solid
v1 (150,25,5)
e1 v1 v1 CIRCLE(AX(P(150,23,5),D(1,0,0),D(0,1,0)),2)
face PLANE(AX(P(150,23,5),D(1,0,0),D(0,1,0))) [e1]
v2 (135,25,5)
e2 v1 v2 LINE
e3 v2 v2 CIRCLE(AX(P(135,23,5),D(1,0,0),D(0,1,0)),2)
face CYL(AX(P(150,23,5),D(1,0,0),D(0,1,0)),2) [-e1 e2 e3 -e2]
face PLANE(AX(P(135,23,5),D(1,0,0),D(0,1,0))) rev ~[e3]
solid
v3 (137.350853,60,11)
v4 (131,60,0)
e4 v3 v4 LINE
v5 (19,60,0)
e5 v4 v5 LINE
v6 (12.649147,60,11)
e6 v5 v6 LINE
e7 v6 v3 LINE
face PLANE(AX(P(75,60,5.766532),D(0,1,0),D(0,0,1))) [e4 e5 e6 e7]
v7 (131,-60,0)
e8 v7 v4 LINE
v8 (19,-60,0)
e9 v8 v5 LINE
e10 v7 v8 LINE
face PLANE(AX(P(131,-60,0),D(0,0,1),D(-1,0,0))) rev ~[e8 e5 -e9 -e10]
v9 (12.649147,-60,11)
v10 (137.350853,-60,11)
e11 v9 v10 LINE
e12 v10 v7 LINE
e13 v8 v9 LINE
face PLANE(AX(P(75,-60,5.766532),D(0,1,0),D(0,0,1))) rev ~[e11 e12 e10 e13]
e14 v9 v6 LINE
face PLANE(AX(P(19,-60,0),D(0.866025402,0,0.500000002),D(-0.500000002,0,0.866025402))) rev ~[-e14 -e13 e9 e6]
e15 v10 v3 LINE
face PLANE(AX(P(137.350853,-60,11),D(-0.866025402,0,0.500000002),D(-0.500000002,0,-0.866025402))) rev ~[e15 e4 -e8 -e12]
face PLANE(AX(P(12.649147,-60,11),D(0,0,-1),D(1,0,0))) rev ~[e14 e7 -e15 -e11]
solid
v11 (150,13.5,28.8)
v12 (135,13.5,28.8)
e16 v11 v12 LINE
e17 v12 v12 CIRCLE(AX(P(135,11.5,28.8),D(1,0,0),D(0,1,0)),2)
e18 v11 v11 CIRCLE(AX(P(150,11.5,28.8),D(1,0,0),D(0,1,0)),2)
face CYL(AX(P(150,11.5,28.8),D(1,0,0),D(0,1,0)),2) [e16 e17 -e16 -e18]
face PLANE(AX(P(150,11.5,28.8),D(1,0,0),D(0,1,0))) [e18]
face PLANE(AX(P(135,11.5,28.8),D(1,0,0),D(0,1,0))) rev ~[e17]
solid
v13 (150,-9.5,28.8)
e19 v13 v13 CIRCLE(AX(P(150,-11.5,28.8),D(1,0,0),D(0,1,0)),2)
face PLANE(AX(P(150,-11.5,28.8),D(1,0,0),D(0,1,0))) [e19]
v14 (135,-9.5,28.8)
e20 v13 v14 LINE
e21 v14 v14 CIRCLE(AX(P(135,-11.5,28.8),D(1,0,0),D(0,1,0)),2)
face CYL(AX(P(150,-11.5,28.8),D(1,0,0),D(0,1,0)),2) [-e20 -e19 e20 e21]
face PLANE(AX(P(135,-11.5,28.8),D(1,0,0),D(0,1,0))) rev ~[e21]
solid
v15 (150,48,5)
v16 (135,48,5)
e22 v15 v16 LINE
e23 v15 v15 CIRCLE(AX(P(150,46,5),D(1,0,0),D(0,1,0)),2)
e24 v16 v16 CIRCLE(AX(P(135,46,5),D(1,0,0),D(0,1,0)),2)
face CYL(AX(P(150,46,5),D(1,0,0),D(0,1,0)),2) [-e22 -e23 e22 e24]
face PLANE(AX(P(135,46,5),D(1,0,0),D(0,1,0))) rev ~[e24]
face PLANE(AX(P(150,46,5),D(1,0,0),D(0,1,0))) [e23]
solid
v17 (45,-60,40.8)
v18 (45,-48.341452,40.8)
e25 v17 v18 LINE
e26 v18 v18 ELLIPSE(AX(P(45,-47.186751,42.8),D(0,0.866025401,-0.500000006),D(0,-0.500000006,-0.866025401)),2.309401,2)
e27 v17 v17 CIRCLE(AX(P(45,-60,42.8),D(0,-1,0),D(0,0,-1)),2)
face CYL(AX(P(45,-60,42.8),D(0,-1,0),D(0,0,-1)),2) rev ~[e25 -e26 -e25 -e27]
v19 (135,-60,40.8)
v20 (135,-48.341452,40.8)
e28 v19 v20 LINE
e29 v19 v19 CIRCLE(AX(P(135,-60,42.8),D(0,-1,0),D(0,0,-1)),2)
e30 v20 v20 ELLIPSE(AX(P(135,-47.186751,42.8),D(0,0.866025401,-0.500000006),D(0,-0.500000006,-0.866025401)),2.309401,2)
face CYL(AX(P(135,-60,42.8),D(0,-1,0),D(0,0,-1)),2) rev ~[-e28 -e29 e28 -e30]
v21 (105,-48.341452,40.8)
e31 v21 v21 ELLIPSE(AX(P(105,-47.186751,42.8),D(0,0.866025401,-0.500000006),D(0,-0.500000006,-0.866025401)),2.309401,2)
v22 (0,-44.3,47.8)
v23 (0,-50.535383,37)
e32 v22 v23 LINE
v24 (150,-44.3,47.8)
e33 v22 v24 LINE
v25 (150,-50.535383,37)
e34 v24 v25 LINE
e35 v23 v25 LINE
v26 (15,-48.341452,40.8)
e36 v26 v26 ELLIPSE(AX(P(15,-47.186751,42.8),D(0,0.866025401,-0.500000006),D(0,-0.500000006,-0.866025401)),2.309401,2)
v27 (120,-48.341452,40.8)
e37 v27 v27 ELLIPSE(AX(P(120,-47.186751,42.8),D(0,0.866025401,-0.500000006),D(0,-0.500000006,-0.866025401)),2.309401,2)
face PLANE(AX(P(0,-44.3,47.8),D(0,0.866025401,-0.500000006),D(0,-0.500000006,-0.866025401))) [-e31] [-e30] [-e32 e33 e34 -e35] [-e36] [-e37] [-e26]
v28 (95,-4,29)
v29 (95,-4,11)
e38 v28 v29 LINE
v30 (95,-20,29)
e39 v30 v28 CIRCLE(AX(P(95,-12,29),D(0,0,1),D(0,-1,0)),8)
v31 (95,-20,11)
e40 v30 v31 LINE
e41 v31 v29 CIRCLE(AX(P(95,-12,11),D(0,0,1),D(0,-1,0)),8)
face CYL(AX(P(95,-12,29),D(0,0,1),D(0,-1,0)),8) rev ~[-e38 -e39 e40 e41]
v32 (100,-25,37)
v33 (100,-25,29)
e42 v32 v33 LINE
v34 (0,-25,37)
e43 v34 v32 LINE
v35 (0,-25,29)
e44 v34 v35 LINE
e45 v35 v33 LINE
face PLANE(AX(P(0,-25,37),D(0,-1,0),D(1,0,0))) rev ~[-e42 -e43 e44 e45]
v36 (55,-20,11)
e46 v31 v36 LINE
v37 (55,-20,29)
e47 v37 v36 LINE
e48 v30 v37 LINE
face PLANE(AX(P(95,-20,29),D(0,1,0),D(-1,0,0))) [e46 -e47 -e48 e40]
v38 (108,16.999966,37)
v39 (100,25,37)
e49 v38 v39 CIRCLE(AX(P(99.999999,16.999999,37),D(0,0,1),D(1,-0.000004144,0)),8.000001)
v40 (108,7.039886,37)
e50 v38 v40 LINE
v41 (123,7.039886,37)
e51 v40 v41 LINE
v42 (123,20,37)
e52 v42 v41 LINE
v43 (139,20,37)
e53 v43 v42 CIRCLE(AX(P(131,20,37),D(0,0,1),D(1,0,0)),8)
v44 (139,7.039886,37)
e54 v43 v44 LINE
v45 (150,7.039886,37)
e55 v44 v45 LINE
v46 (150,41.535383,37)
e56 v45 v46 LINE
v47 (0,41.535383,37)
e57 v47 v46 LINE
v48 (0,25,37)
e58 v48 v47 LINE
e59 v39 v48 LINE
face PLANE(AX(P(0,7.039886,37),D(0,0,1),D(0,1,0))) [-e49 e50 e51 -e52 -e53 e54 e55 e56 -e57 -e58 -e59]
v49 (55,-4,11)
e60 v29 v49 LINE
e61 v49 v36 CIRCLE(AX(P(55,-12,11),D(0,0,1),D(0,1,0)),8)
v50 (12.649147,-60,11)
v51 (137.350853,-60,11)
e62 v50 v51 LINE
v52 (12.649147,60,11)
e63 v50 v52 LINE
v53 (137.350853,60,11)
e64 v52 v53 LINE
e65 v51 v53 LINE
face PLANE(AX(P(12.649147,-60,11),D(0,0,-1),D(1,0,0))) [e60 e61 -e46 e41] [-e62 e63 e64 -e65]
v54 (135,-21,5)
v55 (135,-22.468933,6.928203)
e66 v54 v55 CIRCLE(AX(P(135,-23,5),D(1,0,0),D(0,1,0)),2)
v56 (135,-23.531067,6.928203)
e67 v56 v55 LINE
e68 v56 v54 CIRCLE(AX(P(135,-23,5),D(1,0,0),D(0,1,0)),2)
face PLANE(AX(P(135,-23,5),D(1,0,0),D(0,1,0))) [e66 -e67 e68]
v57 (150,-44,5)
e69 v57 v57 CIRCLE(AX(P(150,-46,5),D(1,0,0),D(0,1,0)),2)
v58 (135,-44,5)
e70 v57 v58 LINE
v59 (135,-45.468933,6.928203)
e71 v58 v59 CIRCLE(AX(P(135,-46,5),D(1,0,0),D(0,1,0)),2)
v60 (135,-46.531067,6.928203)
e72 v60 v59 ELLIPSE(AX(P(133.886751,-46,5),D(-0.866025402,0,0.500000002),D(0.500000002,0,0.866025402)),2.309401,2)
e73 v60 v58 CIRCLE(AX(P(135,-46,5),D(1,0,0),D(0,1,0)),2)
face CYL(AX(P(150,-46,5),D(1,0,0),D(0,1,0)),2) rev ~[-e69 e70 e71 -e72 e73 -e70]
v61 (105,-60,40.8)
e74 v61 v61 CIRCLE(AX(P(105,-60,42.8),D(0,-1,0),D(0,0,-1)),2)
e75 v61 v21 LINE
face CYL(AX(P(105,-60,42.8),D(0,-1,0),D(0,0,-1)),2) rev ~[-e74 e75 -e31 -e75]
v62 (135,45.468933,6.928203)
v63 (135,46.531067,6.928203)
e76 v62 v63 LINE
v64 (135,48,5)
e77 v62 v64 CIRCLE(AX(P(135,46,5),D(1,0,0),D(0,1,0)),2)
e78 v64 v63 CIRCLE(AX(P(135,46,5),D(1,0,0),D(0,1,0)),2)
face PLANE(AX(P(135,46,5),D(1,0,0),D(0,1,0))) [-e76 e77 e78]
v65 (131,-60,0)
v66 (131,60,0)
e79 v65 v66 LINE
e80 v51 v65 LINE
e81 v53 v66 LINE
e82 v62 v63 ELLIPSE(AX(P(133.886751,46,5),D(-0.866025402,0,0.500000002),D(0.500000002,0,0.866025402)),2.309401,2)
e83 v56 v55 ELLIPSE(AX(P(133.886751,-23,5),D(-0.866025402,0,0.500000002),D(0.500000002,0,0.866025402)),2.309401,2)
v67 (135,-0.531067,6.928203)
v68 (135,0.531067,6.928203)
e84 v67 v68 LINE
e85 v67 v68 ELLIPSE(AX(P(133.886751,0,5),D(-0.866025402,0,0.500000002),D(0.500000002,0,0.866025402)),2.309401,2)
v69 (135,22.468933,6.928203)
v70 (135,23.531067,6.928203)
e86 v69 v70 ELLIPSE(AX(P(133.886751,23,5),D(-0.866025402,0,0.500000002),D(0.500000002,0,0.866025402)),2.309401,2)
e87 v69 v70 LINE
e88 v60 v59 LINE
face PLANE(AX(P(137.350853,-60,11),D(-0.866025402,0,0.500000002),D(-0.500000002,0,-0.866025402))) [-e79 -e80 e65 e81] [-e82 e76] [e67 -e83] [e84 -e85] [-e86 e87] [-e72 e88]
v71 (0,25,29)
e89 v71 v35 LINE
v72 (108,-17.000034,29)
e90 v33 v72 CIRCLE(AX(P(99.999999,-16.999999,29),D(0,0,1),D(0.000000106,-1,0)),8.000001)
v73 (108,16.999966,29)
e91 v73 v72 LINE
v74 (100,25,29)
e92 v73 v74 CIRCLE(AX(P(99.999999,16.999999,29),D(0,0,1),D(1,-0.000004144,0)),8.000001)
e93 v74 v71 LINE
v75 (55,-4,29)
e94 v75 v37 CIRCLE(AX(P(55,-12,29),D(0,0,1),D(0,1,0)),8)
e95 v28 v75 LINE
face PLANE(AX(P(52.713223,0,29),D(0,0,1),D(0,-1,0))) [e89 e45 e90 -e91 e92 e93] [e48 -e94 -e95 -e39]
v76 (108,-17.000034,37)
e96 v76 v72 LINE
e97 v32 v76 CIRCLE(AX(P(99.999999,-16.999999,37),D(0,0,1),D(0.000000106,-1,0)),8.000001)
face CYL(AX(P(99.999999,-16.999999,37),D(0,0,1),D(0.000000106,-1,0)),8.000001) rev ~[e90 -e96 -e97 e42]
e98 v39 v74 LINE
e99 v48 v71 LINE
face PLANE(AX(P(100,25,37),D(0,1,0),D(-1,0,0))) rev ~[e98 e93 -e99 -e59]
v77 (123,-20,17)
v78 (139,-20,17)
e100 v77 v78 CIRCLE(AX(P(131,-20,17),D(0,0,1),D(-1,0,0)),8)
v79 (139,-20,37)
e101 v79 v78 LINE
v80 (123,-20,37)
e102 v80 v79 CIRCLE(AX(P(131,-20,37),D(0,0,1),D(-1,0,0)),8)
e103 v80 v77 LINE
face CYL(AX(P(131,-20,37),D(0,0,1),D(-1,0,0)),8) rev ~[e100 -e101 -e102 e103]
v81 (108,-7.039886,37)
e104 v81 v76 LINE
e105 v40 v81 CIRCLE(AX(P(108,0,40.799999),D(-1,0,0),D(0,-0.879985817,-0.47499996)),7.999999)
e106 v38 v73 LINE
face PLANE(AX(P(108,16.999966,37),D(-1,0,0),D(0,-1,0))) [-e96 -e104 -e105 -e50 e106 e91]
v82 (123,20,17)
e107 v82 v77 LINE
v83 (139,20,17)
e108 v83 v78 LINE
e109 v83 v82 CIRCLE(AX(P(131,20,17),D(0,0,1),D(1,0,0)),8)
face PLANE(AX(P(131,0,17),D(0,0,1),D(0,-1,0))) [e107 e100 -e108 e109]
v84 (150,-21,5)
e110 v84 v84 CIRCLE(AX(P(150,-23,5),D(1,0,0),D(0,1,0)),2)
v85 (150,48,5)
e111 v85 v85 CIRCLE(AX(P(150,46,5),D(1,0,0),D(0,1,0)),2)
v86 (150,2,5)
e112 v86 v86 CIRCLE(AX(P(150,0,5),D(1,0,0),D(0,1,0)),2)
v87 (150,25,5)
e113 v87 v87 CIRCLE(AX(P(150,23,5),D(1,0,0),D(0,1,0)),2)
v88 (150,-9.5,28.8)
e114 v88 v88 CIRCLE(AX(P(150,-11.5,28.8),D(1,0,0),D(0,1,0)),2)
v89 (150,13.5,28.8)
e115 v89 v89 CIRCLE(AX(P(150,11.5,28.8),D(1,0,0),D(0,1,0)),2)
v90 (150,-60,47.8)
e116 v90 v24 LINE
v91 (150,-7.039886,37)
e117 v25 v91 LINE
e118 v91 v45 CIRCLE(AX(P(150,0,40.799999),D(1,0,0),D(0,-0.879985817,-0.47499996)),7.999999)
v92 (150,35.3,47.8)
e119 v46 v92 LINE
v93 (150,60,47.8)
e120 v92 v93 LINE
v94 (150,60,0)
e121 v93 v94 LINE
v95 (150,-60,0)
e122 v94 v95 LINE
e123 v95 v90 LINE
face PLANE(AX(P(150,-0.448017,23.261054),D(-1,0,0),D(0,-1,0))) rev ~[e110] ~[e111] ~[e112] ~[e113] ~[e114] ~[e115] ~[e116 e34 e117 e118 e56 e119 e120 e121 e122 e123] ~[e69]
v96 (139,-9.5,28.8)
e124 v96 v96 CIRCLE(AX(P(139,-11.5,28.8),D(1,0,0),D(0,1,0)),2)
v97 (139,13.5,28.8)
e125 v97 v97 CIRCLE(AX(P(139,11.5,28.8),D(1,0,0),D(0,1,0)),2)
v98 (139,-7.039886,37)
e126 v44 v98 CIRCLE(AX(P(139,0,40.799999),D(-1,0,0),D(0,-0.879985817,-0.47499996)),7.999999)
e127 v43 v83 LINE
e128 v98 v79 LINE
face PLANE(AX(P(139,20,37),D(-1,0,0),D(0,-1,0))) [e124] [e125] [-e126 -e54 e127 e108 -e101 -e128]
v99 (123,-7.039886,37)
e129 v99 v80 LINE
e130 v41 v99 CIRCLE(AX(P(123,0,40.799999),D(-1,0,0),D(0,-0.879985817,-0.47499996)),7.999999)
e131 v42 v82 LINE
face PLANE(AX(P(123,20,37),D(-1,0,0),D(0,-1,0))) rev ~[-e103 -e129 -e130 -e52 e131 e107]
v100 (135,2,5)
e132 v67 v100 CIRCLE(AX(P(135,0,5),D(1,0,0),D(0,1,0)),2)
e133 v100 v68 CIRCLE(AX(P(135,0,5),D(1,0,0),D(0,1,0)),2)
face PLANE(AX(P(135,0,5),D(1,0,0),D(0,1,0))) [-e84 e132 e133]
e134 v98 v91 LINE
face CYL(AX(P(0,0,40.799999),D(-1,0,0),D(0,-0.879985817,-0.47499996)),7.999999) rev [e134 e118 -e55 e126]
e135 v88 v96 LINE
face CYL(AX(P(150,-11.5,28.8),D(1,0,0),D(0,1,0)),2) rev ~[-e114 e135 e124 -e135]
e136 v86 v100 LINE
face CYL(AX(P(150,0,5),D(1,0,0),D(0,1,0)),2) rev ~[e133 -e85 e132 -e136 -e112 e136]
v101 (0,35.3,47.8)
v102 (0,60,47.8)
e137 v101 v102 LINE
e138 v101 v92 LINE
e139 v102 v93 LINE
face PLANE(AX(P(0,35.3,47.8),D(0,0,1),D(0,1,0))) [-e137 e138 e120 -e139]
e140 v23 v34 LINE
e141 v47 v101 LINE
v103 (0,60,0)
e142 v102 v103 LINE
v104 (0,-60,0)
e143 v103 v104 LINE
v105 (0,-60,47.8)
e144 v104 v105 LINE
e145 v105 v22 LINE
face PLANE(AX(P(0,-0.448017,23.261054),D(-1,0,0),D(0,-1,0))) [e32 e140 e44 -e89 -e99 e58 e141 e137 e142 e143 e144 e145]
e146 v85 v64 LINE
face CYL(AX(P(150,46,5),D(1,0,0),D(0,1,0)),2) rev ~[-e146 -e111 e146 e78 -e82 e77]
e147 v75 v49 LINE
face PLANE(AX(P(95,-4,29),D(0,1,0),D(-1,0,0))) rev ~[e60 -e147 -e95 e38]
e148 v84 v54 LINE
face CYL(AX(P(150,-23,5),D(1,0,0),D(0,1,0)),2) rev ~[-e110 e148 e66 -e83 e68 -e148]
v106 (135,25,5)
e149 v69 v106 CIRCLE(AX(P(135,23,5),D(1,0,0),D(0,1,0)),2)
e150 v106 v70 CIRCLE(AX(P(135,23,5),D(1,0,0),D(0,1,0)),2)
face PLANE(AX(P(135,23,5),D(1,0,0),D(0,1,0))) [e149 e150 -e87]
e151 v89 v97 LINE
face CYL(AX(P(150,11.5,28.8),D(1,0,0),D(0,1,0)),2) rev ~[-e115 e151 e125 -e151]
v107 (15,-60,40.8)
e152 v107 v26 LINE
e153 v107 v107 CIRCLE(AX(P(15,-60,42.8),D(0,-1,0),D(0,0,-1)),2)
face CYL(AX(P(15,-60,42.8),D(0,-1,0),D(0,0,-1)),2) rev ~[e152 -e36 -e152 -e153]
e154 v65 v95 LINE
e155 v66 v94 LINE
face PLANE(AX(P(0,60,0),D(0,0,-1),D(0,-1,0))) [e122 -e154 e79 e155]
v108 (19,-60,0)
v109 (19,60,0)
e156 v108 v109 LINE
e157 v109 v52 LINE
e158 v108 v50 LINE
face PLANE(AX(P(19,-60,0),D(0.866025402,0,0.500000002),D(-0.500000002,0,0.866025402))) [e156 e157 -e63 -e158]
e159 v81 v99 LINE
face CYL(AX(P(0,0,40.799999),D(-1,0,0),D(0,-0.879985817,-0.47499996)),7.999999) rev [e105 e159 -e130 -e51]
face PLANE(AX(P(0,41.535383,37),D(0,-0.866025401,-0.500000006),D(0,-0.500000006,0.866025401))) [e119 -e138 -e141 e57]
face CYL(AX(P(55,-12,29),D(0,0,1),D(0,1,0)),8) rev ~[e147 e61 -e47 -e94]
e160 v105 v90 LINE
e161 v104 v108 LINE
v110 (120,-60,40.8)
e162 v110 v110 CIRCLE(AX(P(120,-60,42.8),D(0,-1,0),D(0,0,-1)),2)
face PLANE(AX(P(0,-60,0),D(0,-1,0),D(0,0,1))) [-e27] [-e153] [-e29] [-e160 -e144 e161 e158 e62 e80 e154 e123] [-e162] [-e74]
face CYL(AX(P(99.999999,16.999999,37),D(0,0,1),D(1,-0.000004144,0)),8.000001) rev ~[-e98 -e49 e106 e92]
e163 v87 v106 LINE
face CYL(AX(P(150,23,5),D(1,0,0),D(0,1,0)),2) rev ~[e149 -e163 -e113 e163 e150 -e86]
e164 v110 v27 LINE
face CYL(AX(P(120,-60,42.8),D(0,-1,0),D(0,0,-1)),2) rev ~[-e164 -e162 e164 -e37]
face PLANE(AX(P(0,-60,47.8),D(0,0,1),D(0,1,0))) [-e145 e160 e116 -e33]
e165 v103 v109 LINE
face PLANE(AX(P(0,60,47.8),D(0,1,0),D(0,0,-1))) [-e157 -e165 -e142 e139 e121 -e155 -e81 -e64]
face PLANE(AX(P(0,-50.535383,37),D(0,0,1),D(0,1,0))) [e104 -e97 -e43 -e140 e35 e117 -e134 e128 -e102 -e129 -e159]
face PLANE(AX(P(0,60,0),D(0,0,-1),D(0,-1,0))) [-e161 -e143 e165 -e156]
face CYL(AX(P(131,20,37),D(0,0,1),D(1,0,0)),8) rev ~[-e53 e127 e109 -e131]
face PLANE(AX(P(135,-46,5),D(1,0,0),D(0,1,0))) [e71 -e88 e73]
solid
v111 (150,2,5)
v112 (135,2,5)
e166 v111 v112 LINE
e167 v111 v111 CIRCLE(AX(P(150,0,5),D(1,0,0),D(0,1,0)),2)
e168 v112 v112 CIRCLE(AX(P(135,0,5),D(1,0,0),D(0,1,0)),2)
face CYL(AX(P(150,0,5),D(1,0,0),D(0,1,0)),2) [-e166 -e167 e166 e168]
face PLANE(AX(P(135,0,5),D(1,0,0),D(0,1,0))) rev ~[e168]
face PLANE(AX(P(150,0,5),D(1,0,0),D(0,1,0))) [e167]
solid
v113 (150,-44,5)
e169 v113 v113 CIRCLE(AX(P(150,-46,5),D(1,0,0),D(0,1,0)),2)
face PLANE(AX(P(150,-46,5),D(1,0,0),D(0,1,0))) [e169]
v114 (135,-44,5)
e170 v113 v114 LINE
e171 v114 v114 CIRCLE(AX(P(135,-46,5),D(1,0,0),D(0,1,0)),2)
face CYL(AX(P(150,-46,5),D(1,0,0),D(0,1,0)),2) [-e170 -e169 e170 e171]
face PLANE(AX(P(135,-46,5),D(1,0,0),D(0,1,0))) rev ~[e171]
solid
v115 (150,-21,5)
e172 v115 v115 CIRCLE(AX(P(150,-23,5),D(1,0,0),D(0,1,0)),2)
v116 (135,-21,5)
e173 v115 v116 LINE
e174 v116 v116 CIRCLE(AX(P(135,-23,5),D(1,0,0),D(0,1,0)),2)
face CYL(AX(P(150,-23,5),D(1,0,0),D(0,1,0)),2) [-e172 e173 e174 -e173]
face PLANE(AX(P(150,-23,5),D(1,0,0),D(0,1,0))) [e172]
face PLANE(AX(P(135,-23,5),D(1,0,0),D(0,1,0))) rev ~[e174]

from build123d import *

# Parameters (mm, degrees)
EXTRUDE_SKETCH002001_DEPTH = 120
SKETCH001_R                = 2
EXTRUDE_SKETCH001001_DEPTH = 15
EXTRUDE_SKETCH001_DEPTH    = 15
EXTRUDE_SKETCH002_DEPTH    = 120
PAD_DEPTH                  = 150
POCKET003_DEPTH            = 20
POCKET004_DEPTH            = 8
POCKET005_DEPTH            = 30.8
SKETCH003_R                = 2
POCKET_DEPTH               = 19


with BuildPart() as sketch_006_extrude001:
    # Sketch002 → Extrude_Sketch002001 (new body)
    with BuildSketch(Plane(origin=(0, -60, 0), x_dir=(0, 0, -1), z_dir=(0, -1, 0))):
        Polygon((0, 19), (-11, 12.649147), (-11, 137.350853), (0, 131), align=None)
    extrude(amount=-EXTRUDE_SKETCH002001_DEPTH)


with BuildPart() as sketch_005_extrude001:
    # Sketch001 → Extrude_Sketch001001 (new body)
    with BuildSketch(Plane.YZ.offset(150)):
        with Locations((0, 5)):
            Circle(SKETCH001_R)
        with Locations((23, 5)):
            Circle(SKETCH001_R)
        with Locations((46, 5)):
            Circle(SKETCH001_R)
        with Locations((-23, 5)):
            Circle(SKETCH001_R)
        with Locations((-46, 5)):
            Circle(SKETCH001_R)
        with Locations((-11.5, 28.8)):
            Circle(SKETCH001_R)
        with Locations((11.5, 28.8)):
            Circle(SKETCH001_R)
    extrude(amount=-EXTRUDE_SKETCH001001_DEPTH)


with BuildPart() as sketch_005_extrude:
    # Sketch001 → Extrude_Sketch001 (new body)
    with BuildSketch(Plane.YZ.offset(150)):
        with Locations((0, 5)):
            Circle(SKETCH001_R)
        with Locations((23, 5)):
            Circle(SKETCH001_R)
        with Locations((46, 5)):
            Circle(SKETCH001_R)
        with Locations((-23, 5)):
            Circle(SKETCH001_R)
        with Locations((-46, 5)):
            Circle(SKETCH001_R)
        with Locations((-11.5, 28.8)):
            Circle(SKETCH001_R)
        with Locations((11.5, 28.8)):
            Circle(SKETCH001_R)
    extrude(amount=-EXTRUDE_SKETCH001_DEPTH)


with BuildPart() as sketch_006_extrude:
    # Sketch002 → Extrude_Sketch002 (new body)
    with BuildSketch(Plane(origin=(0, -60, 0), x_dir=(0, 0, -1), z_dir=(0, -1, 0))):
        Polygon((0, 19), (-11, 12.649147), (-11, 137.350853), (0, 131), align=None)
    extrude(amount=-EXTRUDE_SKETCH002_DEPTH)


with BuildPart() as cut001:
    # Sketch → Pad (new body)
    with BuildSketch(Plane.YZ):
        with BuildLine():
            Line((-60, 0), (-60, 47.8))
            Line((-60, 47.8), (-44.3, 47.8))
            Line((-44.3, 47.8), (-50.535383, 37))
            Line((-50.535383, 37), (-7.039886, 37))
            ThreePointArc((-7.039886, 37), (0, 32.8), (7.039886, 37))
            Line((7.039886, 37), (41.535383, 37))
            Line((41.535383, 37), (35.3, 47.8))
            Line((35.3, 47.8), (60, 47.8))
            Line((60, 47.8), (60, 0))
            Line((60, 0), (-60, 0))
        make_face()
    extrude(amount=PAD_DEPTH)

    # Sketch004 → Pocket003 (cut)
    with BuildSketch(Plane(origin=(0, 0, 37), x_dir=(0, -1, 0), z_dir=(0, 0, 1))):
        with BuildLine():
            ThreePointArc((-20, 139), (-28, 131), (-20, 123))
            Line((-20, 123), (20, 123))
            ThreePointArc((20, 123), (28, 131), (20, 139))
            Line((-20, 139), (20, 139))
        make_face()
    extrude(amount=-POCKET003_DEPTH, mode=Mode.SUBTRACT)

    # Sketch005 → Pocket004 (cut)
    with BuildSketch(Plane(origin=(0, 0, 37), x_dir=(0, -1, 0), z_dir=(0, 0, 1))):
        with BuildLine():
            ThreePointArc((-16.999966, 108), (-22.656842, 105.656866), (-25, 100))
            Line((-25, 100), (-25, 0))
            Line((-25, 0), (25, 0))
            Line((25, 0), (25, 100))
            ThreePointArc((25, 100), (22.656866, 105.656842), (17.000034, 108))
            Line((-16.999966, 108), (17.000034, 108))
        make_face()
    extrude(amount=-POCKET004_DEPTH, mode=Mode.SUBTRACT)

    # Sketch006 → Pocket005 (cut)
    with BuildSketch(Plane(origin=(0, 0, 29), x_dir=(0, -1, 0), z_dir=(0, 0, 1))):
        with BuildLine():
            ThreePointArc((20, 95), (12, 103), (4, 95))
            Line((4, 95), (4, 55))
            ThreePointArc((4, 55), (12, 47), (20, 55))
            Line((20, 95), (20, 55))
        make_face()
    extrude(amount=-POCKET005_DEPTH, mode=Mode.SUBTRACT)

    # Sketch003 → Pocket (cut)
    with BuildSketch(Plane(origin=(0, -60, 0), x_dir=(0, 0, -1), z_dir=(0, -1, 0))):
        with Locations((-42.8, 15)):
            Circle(SKETCH003_R)
        with Locations((-42.8, 45)):
            Circle(SKETCH003_R)
        with Locations((-42.8, 105)):
            Circle(SKETCH003_R)
        with Locations((-42.8, 120)):
            Circle(SKETCH003_R)
        with Locations((-42.8, 135)):
            Circle(SKETCH003_R)
    extrude(amount=-POCKET_DEPTH, mode=Mode.SUBTRACT)

    # Cut: cut Sketch-006_Extrude
    add(sketch_006_extrude.part, mode=Mode.SUBTRACT)

    # Cut001: cut Sketch-005_Extrude
    add(sketch_005_extrude.part, mode=Mode.SUBTRACT)


solid = Compound([sketch_006_extrude001.part, sketch_005_extrude001.part, cut001.part])
